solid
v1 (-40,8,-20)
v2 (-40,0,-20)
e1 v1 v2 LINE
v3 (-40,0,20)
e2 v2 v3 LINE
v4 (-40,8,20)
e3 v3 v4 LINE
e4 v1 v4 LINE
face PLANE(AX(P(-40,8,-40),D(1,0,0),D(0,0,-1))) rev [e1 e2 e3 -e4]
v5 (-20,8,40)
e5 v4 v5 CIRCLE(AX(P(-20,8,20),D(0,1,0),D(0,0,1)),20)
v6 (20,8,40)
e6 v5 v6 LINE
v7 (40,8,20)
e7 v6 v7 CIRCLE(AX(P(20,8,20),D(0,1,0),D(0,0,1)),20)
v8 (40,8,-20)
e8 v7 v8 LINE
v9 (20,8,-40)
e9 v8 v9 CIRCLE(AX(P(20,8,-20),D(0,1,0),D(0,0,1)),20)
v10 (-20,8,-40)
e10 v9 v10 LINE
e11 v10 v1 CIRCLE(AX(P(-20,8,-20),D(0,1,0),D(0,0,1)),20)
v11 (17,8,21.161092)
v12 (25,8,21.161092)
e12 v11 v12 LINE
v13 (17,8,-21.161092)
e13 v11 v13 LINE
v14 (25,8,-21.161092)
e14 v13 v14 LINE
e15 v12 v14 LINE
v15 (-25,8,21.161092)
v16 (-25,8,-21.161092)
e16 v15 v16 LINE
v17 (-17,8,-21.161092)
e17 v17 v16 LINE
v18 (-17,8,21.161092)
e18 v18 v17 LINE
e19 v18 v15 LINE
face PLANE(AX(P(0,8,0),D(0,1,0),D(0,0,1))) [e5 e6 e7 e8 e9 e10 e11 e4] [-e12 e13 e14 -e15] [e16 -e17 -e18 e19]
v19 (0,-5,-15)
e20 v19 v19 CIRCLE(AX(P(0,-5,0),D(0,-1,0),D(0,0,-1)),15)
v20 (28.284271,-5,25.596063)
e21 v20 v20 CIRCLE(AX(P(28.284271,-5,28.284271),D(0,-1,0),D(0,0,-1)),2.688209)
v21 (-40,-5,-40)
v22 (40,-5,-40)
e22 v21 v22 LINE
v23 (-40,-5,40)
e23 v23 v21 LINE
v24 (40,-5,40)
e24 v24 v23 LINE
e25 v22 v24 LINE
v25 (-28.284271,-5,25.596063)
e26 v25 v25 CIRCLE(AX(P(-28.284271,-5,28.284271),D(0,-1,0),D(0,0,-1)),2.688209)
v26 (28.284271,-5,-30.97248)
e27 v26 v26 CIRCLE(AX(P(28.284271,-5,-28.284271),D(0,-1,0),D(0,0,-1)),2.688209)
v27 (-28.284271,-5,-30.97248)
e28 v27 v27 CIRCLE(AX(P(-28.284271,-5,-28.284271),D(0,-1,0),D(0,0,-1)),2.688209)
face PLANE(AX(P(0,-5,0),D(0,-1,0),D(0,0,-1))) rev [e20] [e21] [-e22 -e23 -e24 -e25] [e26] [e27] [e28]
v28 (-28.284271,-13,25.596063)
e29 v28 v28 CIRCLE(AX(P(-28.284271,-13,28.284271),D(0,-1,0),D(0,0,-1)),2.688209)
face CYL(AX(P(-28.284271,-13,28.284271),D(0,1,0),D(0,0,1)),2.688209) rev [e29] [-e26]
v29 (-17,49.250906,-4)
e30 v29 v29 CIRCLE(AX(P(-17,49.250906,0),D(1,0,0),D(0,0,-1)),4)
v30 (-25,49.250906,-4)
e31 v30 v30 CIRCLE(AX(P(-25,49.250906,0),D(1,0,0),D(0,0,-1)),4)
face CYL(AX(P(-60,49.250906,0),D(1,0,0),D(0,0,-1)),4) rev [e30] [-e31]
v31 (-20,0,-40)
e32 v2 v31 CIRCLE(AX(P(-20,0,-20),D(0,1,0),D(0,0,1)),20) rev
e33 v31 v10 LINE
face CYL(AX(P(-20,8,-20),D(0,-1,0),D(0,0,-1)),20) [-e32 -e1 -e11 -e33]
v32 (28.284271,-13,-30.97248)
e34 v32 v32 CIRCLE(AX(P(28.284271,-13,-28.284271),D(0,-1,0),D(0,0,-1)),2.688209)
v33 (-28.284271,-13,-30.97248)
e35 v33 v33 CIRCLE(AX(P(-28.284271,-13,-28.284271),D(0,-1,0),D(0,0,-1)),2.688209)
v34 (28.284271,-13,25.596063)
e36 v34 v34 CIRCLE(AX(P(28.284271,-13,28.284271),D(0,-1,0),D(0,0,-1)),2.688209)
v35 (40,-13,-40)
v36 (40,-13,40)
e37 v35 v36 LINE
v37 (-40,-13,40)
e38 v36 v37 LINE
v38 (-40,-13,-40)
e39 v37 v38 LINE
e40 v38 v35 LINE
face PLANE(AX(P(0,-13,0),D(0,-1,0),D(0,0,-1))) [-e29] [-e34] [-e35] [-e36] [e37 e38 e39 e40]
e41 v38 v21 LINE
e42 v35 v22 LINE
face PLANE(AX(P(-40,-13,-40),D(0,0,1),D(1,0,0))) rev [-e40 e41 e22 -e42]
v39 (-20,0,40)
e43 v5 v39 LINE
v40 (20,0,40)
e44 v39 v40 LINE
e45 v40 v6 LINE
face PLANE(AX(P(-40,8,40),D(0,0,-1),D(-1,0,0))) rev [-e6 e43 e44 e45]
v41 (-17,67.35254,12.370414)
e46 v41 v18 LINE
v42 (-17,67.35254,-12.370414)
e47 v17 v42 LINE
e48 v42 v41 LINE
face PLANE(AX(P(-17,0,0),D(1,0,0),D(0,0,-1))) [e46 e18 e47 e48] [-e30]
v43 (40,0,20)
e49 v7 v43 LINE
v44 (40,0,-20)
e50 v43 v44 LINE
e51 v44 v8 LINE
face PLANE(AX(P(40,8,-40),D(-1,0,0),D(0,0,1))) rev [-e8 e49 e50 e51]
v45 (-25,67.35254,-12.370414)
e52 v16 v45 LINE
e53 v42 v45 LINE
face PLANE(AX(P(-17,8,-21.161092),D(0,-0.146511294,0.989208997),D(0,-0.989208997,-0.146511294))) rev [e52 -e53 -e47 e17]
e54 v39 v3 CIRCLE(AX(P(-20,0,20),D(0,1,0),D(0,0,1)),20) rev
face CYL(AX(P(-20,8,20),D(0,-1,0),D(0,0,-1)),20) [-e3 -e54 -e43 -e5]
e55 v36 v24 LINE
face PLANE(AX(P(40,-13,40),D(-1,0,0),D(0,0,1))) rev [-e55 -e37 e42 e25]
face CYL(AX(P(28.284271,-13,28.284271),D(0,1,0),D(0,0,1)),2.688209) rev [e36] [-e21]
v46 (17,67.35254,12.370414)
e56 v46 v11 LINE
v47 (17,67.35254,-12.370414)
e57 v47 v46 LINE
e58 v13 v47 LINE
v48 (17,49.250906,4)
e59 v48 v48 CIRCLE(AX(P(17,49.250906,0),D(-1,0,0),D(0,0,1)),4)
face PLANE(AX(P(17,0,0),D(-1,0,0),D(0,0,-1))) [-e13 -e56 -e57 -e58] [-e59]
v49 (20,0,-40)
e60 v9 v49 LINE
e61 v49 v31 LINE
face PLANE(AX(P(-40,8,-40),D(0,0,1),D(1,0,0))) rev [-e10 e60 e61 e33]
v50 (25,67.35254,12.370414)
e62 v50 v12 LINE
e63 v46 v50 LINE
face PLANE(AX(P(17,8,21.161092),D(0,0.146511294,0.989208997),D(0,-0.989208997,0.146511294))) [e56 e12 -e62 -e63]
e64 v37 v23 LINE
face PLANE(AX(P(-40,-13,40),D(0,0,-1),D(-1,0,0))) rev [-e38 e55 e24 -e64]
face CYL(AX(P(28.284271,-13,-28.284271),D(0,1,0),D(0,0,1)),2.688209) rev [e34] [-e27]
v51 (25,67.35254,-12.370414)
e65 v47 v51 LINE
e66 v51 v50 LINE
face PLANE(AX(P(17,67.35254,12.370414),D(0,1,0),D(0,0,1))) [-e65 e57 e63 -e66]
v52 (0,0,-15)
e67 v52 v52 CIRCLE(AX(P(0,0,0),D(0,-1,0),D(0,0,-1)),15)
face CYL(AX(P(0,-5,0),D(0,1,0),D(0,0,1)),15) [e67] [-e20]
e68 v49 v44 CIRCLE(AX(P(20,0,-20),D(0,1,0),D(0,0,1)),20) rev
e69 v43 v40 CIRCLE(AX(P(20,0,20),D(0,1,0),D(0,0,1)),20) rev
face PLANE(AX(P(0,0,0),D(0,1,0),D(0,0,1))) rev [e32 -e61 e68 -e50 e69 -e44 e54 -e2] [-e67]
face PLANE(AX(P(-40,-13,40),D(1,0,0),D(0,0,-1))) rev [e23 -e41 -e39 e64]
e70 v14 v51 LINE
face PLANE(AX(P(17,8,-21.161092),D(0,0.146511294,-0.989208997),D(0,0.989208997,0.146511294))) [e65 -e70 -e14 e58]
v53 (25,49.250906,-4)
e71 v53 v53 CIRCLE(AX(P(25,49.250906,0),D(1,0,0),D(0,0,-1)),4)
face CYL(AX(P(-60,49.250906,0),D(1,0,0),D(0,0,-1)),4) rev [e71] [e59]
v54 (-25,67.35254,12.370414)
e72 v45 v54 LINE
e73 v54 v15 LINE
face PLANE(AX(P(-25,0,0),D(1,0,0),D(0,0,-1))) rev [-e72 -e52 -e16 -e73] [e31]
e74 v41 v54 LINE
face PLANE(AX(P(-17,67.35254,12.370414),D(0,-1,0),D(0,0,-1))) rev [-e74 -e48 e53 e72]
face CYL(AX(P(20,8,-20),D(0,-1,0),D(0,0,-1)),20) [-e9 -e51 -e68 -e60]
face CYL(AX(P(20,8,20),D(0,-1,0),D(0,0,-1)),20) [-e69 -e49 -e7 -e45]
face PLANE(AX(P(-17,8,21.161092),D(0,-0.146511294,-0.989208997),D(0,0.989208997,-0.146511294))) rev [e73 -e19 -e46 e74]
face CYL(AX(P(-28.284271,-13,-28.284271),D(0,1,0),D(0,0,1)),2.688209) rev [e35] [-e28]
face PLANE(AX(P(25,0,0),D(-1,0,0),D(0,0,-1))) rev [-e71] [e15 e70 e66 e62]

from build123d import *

# Parameters (mm, degrees)
SKETCH1_W           = 80
SKETCH1_H           = 80
BOSS_EXTRUDE1_DEPTH = 8
BOSS_EXTRUDE2_DEPTH = 8
SKETCH5_R           = 4
CUT_EXTRUDE2_DEPTH  = 85
SKETCH6_R           = 15
BOSS_EXTRUDE3_DEPTH = 5
SKETCH7_W           = 80
SKETCH7_H           = 80
SKETCH7_R           = 2.688208694
BOSS_EXTRUDE4_DEPTH = 8
FILLET1_R           = 20
FILLET2_R           = 20


with BuildPart() as part:
    # Sketch1 → Boss-Extrude1 (new body)
    with BuildSketch(Plane(origin=(0, 0, 0), x_dir=(1, 0, 0), z_dir=(0, 1, 0))):
        Rectangle(SKETCH1_W, SKETCH1_H)
    extrude(amount=BOSS_EXTRUDE1_DEPTH)

    # Sketch4 → Boss-Extrude2 (add)
    with BuildSketch(Plane(origin=(-25, 0, 0), x_dir=(0, 0, -1), z_dir=(1, 0, 0))):
        Polygon((-21.161091888, 8), (-12.370414248, 67.35253985), (12.370414248, 67.35253985), (21.161091888, 8), align=None)
    boss_extrude2 = extrude(amount=BOSS_EXTRUDE2_DEPTH)

    # Mirror1: Boss-Extrude2 across plane
    add(boss_extrude2.mirror(Plane(origin=(0, 0, 0), x_dir=(0, 0, 1), z_dir=(1, 0, 0))))

    # Sketch5 → Cut-Extrude2 (cut)
    with BuildSketch(Plane(origin=(25, 0, 0), x_dir=(0, 0, -1), z_dir=(1, 0, 0))):
        with Locations((0, 49.250906007)):
            Circle(SKETCH5_R)
    extrude(amount=-CUT_EXTRUDE2_DEPTH, mode=Mode.SUBTRACT)

    # Sketch6 → Boss-Extrude3 (add)
    with BuildSketch(Plane.XZ):
        with Locations(Location((0, 0, 0), (0, 0, 270))):
            Circle(SKETCH6_R)
    extrude(amount=BOSS_EXTRUDE3_DEPTH)

    # Sketch7 → Boss-Extrude4 (add)
    with BuildSketch(Plane.XZ.offset(5)):
        Rectangle(SKETCH7_W, SKETCH7_H)
        with Locations(Location((-28.284271247, 28.284271247, 0), (0, 0, 270))):
            Circle(SKETCH7_R, mode=Mode.SUBTRACT)
        with Locations(Location((28.284271247, 28.284271247, 0), (0, 0, 270))):
            Circle(SKETCH7_R, mode=Mode.SUBTRACT)
        with Locations(Location((28.284271247, -28.284271247, 0), (0, 0, 270))):
            Circle(SKETCH7_R, mode=Mode.SUBTRACT)
        with Locations(Location((-28.284271247, -28.284271247, 0), (0, 0, 270))):
            Circle(SKETCH7_R, mode=Mode.SUBTRACT)
    extrude(amount=BOSS_EXTRUDE4_DEPTH)

    # Fillet1
    fillet1_edges = [part.edges().sort_by_distance(p)[0] for p in [
        (-40, 4, -40),
    ]]
    fillet(fillet1_edges, radius=FILLET1_R)

    # Fillet2
    fillet2_edges = [part.edges().sort_by_distance(p)[0] for p in [
        (40, 4, 40),
        (-40, 4, 40),
        (40, 4, -40),
    ]]
    fillet(fillet2_edges, radius=FILLET2_R)


solid = part.part
